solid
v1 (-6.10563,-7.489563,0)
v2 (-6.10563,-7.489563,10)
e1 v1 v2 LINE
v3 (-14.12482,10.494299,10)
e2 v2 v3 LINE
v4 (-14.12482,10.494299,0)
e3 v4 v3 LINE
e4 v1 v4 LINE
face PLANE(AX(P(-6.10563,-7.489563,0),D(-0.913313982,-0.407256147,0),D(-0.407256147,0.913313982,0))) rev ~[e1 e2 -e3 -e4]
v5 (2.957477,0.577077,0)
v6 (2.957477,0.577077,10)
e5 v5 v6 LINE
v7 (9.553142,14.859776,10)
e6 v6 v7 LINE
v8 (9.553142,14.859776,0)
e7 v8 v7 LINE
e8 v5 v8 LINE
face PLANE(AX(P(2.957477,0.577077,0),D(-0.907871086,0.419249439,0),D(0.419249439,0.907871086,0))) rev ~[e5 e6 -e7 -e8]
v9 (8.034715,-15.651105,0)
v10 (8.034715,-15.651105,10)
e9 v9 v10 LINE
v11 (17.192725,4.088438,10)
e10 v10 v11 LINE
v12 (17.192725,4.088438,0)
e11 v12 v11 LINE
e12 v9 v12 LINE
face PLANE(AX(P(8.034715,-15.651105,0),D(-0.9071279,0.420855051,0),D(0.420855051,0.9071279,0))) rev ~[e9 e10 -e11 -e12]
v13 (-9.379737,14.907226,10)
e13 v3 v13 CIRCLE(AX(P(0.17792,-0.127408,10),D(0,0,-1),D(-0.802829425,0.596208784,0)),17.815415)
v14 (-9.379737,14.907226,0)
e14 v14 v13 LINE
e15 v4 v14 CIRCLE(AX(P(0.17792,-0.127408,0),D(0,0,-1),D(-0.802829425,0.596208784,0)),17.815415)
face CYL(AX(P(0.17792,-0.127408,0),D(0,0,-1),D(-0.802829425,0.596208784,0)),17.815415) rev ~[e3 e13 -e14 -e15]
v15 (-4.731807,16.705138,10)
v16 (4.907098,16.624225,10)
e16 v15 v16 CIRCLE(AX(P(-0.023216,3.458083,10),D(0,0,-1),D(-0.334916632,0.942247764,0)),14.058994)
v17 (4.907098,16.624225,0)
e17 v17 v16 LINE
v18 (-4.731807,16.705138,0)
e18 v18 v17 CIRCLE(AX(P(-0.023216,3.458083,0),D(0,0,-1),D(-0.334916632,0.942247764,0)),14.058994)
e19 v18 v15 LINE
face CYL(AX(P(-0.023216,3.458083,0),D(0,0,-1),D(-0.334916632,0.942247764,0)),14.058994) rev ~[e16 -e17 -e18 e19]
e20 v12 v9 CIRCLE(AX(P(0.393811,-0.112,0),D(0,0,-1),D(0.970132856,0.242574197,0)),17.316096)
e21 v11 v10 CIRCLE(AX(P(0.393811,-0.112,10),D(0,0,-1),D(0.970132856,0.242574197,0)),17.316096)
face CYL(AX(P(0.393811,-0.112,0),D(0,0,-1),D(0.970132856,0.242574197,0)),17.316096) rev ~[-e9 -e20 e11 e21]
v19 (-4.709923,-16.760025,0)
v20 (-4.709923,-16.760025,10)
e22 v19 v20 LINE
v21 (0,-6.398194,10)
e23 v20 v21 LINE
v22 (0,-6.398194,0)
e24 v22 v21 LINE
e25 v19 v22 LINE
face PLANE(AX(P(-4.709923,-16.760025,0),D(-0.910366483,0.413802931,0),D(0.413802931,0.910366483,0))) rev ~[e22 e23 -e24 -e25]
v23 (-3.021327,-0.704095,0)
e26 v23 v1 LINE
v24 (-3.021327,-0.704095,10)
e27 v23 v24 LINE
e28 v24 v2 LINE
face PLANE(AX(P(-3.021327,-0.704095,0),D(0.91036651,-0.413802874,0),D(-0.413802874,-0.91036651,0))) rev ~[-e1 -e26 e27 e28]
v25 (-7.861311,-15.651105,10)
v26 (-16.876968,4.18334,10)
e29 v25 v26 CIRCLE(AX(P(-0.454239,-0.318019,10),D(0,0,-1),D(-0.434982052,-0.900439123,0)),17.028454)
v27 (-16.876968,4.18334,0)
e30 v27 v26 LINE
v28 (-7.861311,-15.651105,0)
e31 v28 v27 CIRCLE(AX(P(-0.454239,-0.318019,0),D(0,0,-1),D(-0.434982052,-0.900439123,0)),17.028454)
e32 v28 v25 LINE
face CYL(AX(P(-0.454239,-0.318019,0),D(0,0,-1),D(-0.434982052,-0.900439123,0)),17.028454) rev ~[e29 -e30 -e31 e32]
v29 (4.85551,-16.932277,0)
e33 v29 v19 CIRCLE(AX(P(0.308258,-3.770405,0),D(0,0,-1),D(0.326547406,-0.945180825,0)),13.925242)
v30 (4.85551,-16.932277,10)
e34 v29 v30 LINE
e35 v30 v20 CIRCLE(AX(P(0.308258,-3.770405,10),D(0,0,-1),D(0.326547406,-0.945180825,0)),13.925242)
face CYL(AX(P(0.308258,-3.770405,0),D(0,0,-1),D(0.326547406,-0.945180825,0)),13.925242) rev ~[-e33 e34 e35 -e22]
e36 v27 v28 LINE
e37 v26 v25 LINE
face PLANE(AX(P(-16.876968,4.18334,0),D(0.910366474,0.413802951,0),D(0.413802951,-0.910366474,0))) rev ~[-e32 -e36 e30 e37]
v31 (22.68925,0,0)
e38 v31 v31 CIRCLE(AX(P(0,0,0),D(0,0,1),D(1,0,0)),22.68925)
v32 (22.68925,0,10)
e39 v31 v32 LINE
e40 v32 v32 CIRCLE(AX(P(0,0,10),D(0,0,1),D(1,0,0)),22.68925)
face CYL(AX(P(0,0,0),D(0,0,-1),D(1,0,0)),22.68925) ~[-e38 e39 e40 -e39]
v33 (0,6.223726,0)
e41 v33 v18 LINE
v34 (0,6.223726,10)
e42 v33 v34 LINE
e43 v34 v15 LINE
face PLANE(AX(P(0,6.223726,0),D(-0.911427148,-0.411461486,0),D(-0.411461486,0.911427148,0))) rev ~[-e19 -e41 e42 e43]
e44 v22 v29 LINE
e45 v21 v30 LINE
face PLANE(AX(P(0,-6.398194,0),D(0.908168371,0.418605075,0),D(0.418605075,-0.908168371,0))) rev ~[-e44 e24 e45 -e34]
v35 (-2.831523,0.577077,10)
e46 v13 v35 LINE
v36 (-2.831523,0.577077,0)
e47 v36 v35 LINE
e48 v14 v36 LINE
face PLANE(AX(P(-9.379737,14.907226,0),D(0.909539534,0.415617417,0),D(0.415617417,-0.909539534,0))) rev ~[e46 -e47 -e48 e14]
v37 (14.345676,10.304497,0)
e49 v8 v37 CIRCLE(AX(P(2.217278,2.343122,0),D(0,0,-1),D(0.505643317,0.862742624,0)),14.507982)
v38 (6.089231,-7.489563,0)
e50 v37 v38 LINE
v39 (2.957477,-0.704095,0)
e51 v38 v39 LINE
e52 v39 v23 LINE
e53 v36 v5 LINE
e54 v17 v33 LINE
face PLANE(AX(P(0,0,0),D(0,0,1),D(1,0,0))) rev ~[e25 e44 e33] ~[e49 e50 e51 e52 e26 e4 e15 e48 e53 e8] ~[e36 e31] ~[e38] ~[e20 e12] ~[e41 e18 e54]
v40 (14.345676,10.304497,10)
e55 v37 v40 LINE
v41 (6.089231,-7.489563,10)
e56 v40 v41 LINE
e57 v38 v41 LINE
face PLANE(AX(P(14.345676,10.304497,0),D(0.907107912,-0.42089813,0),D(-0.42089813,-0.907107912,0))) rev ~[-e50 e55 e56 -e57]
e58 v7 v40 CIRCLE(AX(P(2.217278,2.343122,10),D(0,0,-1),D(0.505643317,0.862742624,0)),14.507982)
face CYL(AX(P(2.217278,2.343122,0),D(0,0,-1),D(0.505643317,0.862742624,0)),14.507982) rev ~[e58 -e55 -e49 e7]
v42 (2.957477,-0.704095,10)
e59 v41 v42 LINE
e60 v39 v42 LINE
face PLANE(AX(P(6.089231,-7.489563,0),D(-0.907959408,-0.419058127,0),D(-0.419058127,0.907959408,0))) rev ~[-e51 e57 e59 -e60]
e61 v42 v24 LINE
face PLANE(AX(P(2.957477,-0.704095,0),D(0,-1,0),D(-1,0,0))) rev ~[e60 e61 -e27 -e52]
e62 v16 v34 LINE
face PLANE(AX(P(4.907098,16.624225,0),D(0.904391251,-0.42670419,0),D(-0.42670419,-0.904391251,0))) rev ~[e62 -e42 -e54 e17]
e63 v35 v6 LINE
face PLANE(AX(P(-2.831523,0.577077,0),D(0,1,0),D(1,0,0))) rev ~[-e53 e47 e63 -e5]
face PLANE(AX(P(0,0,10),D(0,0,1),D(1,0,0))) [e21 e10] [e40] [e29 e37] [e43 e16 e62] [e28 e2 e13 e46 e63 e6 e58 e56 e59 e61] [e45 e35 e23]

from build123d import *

# Parameters (mm, degrees)
F0_R     = 22.68925
F1_DEPTH = 10


with BuildPart() as f1:
    # F0 (on Top) → F1 (new body)
    with BuildSketch(Plane.XY):
        Circle(F0_R)
        with BuildLine():
            ThreePointArc((-7.861311, -15.651105), (-15.956373, -7.364443), (-16.876968, 4.18334))
            Line((-16.876968, 4.18334), (-7.861311, -15.651105))
        make_face(mode=Mode.SUBTRACT)
        with BuildLine():
            Line((-4.709923, -16.760025), (0, -6.398194))
            Line((0, -6.398194), (4.85551, -16.932277))
            ThreePointArc((4.85551, -16.932277), (0.057537, -17.69339), (-4.709923, -16.760025))
        make_face(mode=Mode.SUBTRACT)
        with BuildLine():
            ThreePointArc((17.192725, 4.088438), (16.101725, -7.399567), (8.034715, -15.651105))
            Line((8.034715, -15.651105), (17.192725, 4.088438))
        make_face(mode=Mode.SUBTRACT)
        with BuildLine():
            Line((-9.379737, 14.907226), (-2.831523, 0.577077))
            Line((-2.831523, 0.577077), (2.957477, 0.577077))
            Line((2.957477, 0.577077), (9.553142, 14.859776))
            ThreePointArc((9.553142, 14.859776), (12.212378, 12.858801), (14.345676, 10.304497))
            Line((14.345676, 10.304497), (6.089231, -7.489563))
            Line((6.089231, -7.489563), (2.957477, -0.704095))
            Line((2.957477, -0.704095), (-3.021327, -0.704095))
            Line((-3.021327, -0.704095), (-6.10563, -7.489563))
            Line((-6.10563, -7.489563), (-14.12482, 10.494299))
            ThreePointArc((-14.12482, 10.494299), (-11.954603, 12.918316), (-9.379737, 14.907226))
        make_face(mode=Mode.SUBTRACT)
        with BuildLine():
            Line((4.907098, 16.624225), (0, 6.223726))
            Line((0, 6.223726), (-4.731807, 16.705138))
            ThreePointArc((-4.731807, 16.705138), (0.094796, 17.516581), (4.907098, 16.624225))
        make_face(mode=Mode.SUBTRACT)
    extrude(amount=F1_DEPTH)


solid = f1.part
